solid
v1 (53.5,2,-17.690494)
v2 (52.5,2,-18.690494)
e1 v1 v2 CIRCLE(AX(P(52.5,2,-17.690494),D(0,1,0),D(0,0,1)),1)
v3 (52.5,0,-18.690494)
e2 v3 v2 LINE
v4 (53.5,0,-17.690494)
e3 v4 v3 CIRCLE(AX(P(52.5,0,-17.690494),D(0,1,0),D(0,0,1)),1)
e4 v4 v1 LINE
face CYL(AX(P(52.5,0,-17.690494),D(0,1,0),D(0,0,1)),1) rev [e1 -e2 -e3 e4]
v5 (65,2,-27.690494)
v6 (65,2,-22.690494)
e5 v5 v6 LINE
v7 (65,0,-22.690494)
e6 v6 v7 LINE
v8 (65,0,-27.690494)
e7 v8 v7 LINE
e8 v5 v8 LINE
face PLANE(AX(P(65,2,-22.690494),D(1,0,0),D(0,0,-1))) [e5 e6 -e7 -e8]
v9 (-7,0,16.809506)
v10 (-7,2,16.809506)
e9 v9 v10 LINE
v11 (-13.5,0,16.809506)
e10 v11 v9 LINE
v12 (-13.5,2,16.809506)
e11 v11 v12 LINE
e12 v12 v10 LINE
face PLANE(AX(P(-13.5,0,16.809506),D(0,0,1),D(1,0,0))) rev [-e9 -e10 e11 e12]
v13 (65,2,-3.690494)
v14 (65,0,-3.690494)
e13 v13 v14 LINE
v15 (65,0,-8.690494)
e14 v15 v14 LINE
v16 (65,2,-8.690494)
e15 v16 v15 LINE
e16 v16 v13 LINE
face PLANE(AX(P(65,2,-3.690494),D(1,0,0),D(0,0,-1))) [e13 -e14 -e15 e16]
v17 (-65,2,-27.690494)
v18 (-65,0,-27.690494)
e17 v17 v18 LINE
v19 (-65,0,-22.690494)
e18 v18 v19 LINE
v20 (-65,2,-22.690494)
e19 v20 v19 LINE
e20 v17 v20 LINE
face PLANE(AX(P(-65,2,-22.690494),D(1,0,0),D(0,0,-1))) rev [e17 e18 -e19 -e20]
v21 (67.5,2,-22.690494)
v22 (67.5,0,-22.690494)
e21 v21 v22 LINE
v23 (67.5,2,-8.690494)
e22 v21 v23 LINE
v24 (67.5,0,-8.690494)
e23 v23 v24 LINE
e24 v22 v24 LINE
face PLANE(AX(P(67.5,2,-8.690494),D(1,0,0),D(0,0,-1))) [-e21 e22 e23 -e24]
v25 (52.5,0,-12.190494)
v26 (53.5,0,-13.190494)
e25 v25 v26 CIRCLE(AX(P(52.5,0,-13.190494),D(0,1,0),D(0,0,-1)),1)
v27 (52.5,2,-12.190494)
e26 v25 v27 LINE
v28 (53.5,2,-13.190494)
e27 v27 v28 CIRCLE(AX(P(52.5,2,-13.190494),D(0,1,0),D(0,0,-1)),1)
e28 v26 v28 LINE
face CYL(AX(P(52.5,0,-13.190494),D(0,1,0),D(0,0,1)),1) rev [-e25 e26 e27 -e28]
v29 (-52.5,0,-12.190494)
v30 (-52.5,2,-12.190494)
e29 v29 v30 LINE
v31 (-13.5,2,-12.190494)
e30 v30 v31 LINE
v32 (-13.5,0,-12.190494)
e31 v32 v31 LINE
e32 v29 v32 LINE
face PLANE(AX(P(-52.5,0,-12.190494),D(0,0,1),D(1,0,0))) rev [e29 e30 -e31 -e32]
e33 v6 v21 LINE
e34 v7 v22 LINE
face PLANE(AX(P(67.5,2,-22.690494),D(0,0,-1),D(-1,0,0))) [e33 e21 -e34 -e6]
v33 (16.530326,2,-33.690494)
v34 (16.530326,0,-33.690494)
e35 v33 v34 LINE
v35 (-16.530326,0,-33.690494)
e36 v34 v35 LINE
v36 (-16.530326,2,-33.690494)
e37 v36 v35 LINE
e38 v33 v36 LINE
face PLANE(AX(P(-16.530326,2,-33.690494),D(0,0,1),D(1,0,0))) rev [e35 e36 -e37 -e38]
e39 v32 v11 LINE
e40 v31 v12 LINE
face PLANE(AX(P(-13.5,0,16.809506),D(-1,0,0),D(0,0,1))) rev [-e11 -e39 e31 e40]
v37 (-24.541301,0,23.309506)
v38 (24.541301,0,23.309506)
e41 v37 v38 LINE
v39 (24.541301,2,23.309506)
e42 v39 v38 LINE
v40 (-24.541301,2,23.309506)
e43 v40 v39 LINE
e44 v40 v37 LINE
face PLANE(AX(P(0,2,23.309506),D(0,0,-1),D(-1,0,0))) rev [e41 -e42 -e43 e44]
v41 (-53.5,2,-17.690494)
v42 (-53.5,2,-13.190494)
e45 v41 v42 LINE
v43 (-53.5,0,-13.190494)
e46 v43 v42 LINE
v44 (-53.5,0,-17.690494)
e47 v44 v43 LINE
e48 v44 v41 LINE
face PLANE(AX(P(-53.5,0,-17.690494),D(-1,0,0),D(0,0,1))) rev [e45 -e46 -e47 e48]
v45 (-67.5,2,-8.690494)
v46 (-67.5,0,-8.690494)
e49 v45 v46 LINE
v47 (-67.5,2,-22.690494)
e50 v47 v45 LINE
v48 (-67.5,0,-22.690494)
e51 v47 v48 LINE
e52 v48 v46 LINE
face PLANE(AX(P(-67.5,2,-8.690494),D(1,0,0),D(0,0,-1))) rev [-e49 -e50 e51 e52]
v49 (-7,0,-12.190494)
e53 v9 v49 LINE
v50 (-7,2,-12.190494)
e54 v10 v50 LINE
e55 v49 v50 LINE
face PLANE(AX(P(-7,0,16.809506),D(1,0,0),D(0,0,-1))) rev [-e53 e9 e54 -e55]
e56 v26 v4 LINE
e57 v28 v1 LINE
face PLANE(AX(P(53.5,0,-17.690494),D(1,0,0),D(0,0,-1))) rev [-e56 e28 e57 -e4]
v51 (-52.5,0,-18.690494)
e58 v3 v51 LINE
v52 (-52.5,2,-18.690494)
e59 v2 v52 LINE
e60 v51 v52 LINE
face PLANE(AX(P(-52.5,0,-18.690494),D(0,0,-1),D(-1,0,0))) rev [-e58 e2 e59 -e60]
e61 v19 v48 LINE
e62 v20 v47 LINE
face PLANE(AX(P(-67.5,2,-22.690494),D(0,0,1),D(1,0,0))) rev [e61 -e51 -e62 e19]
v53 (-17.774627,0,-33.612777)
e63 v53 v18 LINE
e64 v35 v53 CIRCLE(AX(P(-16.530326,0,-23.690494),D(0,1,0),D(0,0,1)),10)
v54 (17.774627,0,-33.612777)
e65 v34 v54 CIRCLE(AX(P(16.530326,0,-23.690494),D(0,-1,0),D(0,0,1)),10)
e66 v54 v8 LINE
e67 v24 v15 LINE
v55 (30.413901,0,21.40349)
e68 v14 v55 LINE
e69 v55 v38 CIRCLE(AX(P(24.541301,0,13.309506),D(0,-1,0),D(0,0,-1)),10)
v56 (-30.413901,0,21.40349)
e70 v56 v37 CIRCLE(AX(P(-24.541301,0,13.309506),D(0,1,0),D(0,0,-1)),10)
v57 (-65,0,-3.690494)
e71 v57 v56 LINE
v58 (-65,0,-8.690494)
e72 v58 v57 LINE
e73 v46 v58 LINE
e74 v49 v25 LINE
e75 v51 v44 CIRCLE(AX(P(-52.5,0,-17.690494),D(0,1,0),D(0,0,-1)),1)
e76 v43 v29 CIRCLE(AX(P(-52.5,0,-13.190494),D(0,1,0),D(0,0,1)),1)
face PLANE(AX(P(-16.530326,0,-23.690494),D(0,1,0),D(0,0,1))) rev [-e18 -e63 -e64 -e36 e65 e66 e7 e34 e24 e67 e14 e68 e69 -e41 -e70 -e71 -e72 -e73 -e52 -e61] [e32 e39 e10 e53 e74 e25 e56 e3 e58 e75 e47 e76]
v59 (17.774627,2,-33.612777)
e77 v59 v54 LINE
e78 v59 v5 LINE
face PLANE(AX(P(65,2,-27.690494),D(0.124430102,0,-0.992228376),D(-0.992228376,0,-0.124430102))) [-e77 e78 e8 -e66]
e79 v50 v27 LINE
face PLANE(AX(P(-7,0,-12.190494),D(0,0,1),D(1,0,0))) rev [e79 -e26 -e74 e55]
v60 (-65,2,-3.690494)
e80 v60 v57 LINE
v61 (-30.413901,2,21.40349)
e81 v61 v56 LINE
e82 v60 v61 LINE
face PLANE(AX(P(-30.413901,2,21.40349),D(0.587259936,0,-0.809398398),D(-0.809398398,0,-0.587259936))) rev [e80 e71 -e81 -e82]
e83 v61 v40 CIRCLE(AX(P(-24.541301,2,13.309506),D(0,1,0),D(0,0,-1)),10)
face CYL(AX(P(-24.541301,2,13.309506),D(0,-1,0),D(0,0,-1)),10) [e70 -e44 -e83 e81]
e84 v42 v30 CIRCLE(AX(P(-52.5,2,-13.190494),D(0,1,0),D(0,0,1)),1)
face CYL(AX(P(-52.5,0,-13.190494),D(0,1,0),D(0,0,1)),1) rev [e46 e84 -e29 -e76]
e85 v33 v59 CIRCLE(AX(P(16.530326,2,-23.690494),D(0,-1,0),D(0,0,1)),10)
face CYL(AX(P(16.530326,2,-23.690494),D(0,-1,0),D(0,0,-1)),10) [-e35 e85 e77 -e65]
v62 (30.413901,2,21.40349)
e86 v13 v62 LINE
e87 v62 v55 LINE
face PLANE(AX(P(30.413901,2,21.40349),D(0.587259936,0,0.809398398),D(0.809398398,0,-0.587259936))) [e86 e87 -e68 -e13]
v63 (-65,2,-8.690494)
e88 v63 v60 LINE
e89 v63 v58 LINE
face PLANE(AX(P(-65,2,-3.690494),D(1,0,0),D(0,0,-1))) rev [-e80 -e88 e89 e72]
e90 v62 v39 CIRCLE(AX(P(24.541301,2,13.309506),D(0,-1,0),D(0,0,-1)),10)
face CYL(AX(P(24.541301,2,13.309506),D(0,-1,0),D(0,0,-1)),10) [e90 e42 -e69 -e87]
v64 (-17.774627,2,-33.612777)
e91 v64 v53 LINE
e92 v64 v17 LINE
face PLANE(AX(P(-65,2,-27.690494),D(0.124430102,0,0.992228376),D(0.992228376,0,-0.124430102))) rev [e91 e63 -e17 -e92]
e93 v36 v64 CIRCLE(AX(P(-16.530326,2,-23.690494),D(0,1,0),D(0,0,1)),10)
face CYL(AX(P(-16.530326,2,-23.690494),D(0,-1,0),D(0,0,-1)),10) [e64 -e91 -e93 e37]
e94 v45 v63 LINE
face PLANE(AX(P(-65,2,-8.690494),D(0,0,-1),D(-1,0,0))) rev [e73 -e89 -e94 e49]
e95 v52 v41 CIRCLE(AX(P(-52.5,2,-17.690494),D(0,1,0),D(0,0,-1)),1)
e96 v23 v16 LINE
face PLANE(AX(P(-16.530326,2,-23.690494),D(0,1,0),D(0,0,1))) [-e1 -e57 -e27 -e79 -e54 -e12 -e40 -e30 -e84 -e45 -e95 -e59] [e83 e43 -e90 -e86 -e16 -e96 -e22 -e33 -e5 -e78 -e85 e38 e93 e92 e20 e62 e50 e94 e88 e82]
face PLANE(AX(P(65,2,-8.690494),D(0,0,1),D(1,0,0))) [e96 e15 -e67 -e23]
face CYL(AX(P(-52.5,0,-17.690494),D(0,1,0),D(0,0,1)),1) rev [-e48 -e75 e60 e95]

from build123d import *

# Parameters (mm, degrees)
RESSALTO_EXTRUS_O1_DEPTH = 2
CORTE_EXTRUS_O1_DEPTH    = 3


with BuildPart() as part:
    # Esboço1 → Ressalto-extrusão1 (new body)
    with BuildSketch(Plane(origin=(0, 0, 0), x_dir=(1, 0, 0), z_dir=(0, 1, 0))):
        with BuildLine():
            Line((-65, 27.690493718), (-17.774626759, 33.612777476))
            ThreePointArc((-17.774626759, 33.612777476), (-17.153688565, 33.671045747), (-16.530325742, 33.690493718))
            Line((-16.530325742, 33.690493718), (0, 33.690493718))
            Line((0, 33.690493718), (0, -23.309506282))
            Line((0, -23.309506282), (-24.541301383, -23.309506282))
            ThreePointArc((-24.541301383, -23.309506282), (-27.628384162, -22.821073972), (-30.413900746, -21.403490265))
            Line((-30.413900746, -21.403490265), (-65, 3.690493718))
            Line((-65, 3.690493718), (-65, 8.690493718))
            Line((-65, 8.690493718), (-67.5, 8.690493718))
            Line((-67.5, 8.690493718), (-67.5, 22.690493718))
            Line((-67.5, 22.690493718), (-65, 22.690493718))
            Line((-65, 22.690493718), (-65, 27.690493718))
        make_face()
    ressalto_extrus_o1 = extrude(amount=RESSALTO_EXTRUS_O1_DEPTH)

    # Espelhar1: Ressalto-extrusão1 across plane
    add(ressalto_extrus_o1.mirror(Plane(origin=(0, 2, 23.309506282), x_dir=(0, 0, 1), z_dir=(-1, 0, 0))))

    # Esboço2 → Corte-extrusão1 (cut, through all)
    with BuildSketch(Plane(origin=(0, 2, 0), x_dir=(1, 0, 0), z_dir=(0, 1, 0))):
        with BuildLine():
            Line((-52.5, 18.690493718), (52.5, 18.690493718))
            ThreePointArc((52.5, 18.690493718), (53.207106781, 18.397600499), (53.5, 17.690493718))
            Line((53.5, 17.690493718), (53.5, 13.190493718))
            ThreePointArc((53.5, 13.190493718), (53.207106781, 12.483386937), (52.5, 12.190493718))
            Line((52.5, 12.190493718), (-7, 12.190493718))
            Line((-7, 12.190493718), (-7, -16.809506282))
            Line((-7, -16.809506282), (-13.5, -16.809506282))
            Line((-13.5, -16.809506282), (-13.5, 12.190493718))
            Line((-13.5, 12.190493718), (-52.5, 12.190493718))
            ThreePointArc((-52.5, 12.190493718), (-53.207106781, 12.483386937), (-53.5, 13.190493718))
            Line((-53.5, 13.190493718), (-53.5, 17.690493718))
            ThreePointArc((-53.5, 17.690493718), (-53.207106781, 18.397600499), (-52.5, 18.690493718))
        make_face()
    extrude(amount=-CORTE_EXTRUS_O1_DEPTH, mode=Mode.SUBTRACT)


solid = part.part
